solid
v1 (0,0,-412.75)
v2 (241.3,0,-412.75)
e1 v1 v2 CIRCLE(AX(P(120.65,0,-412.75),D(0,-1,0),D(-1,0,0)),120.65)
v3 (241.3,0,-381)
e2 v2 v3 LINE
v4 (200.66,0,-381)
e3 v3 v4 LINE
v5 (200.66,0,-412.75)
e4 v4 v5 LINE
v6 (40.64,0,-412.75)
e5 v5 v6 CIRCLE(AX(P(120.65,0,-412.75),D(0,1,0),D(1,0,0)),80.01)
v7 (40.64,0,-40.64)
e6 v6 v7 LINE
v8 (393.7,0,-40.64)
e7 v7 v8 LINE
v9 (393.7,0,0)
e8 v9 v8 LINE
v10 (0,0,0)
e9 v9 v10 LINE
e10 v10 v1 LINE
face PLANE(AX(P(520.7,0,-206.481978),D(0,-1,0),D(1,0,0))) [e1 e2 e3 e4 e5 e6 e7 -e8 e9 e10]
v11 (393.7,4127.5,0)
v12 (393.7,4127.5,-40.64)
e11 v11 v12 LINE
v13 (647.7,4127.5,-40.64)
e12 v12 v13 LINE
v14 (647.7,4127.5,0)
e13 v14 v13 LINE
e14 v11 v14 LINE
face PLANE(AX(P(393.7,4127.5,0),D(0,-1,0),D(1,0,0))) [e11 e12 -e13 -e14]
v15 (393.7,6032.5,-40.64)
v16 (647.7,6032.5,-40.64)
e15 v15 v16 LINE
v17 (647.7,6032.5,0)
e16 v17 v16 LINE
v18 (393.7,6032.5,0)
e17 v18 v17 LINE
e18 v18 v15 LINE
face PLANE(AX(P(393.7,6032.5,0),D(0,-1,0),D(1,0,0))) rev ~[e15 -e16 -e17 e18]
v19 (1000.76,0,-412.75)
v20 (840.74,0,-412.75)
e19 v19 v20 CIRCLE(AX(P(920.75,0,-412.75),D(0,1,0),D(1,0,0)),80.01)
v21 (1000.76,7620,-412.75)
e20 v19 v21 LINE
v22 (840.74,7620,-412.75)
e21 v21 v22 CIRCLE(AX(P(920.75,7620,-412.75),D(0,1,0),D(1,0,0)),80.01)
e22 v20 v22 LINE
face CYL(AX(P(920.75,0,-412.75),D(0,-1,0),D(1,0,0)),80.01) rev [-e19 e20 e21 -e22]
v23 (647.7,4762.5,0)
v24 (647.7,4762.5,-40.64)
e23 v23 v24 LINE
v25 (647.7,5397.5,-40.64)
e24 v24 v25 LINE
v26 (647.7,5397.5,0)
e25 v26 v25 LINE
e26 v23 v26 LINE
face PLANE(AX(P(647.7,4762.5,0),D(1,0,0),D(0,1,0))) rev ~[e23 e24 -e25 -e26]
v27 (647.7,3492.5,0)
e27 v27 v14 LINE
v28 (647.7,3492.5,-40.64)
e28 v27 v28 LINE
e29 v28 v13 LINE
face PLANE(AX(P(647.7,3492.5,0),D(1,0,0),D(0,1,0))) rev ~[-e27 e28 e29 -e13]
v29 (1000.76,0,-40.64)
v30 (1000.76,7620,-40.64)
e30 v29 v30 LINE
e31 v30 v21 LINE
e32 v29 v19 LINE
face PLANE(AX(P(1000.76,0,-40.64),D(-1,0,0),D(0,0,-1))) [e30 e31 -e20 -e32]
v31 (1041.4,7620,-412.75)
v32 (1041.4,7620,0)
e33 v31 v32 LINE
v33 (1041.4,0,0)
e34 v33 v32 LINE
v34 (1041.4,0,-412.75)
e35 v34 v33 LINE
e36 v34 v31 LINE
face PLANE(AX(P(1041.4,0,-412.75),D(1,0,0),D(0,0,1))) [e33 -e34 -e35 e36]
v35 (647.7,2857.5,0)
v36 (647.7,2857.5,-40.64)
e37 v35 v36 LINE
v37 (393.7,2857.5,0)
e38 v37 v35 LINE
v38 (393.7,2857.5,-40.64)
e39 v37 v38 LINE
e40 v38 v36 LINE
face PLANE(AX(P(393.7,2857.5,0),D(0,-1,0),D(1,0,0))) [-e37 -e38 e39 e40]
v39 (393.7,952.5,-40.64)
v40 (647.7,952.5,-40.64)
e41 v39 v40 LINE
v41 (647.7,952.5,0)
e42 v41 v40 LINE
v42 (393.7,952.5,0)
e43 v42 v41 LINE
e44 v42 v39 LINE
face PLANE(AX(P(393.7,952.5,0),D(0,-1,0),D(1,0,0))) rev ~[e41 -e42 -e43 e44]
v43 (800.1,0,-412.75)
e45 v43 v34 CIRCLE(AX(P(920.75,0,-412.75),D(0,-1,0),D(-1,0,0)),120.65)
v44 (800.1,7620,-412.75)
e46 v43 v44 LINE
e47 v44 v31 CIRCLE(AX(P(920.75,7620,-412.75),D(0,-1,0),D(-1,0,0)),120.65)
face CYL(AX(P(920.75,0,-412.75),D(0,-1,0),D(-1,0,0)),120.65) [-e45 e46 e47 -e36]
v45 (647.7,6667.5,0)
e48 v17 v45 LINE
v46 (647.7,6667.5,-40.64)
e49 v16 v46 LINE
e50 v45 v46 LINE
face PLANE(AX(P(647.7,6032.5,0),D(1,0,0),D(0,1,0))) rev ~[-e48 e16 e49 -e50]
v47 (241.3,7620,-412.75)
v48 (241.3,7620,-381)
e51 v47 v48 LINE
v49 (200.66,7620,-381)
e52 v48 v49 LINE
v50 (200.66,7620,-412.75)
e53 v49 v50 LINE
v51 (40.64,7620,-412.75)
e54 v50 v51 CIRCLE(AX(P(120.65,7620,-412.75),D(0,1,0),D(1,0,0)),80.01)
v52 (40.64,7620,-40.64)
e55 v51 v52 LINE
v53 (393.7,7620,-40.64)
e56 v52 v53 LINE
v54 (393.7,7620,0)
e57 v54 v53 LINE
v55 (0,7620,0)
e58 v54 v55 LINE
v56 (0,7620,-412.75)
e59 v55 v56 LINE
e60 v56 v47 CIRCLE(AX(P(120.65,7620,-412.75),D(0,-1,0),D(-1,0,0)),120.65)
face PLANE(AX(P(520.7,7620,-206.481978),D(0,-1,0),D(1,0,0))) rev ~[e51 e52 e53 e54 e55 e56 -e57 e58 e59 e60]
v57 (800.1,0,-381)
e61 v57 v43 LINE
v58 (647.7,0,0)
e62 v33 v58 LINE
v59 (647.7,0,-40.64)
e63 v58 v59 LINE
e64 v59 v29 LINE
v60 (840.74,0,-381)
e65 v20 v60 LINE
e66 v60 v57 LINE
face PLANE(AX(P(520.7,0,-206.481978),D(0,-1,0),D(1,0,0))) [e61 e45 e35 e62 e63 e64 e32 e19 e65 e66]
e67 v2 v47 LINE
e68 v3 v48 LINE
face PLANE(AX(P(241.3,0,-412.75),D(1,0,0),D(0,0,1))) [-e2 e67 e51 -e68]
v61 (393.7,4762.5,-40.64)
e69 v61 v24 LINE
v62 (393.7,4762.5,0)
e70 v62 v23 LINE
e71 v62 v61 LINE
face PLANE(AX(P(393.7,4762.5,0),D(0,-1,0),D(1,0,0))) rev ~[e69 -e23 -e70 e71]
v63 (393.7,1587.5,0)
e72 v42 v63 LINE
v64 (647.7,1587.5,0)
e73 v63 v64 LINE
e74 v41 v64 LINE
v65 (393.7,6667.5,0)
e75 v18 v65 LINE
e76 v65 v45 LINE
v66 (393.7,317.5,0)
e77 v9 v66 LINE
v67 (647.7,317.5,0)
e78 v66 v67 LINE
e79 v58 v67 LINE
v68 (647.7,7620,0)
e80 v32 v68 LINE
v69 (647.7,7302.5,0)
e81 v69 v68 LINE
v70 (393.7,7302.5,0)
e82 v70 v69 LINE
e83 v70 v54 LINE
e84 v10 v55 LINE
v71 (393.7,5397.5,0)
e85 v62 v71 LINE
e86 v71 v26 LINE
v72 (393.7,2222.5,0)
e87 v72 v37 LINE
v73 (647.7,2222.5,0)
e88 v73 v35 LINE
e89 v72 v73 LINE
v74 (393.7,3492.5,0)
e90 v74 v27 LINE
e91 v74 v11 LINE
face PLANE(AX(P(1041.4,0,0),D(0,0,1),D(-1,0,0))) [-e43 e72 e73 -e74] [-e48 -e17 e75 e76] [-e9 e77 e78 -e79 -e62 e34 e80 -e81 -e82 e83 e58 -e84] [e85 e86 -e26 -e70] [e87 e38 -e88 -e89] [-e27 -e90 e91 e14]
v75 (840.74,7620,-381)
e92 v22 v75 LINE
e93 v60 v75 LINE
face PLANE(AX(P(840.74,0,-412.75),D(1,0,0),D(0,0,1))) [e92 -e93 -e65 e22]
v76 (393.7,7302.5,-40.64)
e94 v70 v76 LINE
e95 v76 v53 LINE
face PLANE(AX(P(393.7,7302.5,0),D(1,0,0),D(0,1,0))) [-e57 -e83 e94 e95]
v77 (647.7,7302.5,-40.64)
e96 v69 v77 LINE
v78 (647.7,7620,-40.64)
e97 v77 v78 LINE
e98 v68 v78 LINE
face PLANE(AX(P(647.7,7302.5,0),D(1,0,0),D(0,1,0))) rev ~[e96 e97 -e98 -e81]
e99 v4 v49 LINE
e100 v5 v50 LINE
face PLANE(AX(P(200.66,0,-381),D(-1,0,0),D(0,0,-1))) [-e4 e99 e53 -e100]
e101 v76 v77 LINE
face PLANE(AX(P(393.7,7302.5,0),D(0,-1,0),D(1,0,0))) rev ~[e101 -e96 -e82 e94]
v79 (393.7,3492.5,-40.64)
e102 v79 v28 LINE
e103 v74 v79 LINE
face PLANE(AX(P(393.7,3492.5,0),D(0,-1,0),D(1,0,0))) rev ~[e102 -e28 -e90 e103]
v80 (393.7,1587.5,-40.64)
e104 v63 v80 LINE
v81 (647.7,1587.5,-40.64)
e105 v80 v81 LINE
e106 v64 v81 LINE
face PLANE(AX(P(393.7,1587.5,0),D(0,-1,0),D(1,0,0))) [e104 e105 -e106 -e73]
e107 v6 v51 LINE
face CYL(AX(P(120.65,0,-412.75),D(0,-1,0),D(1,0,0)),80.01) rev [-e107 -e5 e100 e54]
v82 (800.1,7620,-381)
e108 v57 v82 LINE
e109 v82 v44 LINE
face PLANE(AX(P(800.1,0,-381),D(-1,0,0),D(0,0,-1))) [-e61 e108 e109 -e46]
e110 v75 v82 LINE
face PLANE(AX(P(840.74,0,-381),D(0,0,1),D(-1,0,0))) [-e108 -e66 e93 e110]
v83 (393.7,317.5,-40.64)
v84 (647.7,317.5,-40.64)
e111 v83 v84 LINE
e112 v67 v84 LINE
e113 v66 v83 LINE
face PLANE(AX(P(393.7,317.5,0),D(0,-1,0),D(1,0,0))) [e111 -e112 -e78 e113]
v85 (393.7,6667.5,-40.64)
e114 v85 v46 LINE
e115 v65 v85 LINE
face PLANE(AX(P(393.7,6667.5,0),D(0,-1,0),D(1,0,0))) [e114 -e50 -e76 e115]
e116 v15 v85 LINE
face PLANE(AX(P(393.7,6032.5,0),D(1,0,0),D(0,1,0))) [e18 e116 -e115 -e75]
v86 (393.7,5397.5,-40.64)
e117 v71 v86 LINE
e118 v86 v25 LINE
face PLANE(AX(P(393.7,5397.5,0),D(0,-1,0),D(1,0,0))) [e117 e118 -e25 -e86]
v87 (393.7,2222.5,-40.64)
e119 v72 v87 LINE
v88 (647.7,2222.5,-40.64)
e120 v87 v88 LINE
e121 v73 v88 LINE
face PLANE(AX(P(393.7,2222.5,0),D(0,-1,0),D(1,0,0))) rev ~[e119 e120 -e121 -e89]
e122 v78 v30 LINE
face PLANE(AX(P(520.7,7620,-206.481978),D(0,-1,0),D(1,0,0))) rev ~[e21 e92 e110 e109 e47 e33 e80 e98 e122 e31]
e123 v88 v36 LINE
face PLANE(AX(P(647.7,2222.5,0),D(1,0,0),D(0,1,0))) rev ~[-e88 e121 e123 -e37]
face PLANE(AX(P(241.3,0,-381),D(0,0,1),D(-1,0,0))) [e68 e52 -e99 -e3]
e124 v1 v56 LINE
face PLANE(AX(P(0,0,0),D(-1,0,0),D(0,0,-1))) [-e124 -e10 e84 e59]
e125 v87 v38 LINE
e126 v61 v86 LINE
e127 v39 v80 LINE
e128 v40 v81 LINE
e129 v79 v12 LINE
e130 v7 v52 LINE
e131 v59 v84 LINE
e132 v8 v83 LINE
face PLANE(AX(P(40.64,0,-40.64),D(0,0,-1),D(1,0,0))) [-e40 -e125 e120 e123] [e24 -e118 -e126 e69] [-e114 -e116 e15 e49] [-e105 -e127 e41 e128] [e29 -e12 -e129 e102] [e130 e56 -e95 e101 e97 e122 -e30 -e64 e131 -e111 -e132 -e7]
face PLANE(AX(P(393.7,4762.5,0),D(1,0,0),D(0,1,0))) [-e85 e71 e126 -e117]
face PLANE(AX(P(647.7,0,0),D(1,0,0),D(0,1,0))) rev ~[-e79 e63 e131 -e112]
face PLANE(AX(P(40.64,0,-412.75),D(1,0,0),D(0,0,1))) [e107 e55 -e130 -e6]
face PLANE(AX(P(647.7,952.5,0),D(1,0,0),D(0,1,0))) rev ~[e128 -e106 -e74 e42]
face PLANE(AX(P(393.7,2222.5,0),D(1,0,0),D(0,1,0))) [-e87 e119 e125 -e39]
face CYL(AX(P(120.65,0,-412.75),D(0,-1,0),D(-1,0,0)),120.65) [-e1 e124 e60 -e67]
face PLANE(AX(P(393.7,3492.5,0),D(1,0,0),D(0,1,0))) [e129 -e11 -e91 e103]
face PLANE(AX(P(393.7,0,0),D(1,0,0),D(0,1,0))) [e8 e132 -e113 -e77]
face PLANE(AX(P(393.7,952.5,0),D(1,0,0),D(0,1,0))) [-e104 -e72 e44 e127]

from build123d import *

# Parameters (mm, degrees)
F2_DEPTH = 7620
F1_W     = 254
F1_H     = 317.5
F1_H_2   = 635
F3_DEPTH = 40.64


with BuildPart() as f2:
    # F0 (on Front) → F2 (new body)
    with BuildSketch(Plane.XZ):
        with BuildLine():
            Line((1041.4, 0), (0, 0))
            Line((0, 0), (0, -412.75))
            ThreePointArc((0, -412.75), (120.65, -533.4), (241.3, -412.75))
            Line((241.3, -412.75), (241.3, -381))
            Line((241.3, -381), (200.66, -381))
            Line((200.66, -381), (200.66, -412.75))
            ThreePointArc((200.66, -412.75), (120.65, -492.76), (40.64, -412.75))
            Line((40.64, -412.75), (40.64, -40.64))
            Line((40.64, -40.64), (1000.76, -40.64))
            Line((1000.76, -40.64), (1000.76, -412.75))
            ThreePointArc((1000.76, -412.75), (920.75, -492.76), (840.74, -412.75))
            Line((840.74, -412.75), (840.74, -381))
            Line((840.74, -381), (800.1, -381))
            Line((800.1, -381), (800.1, -412.75))
            ThreePointArc((800.1, -412.75), (920.75, -533.4), (1041.4, -412.75))
            Line((1041.4, -412.75), (1041.4, 0))
        make_face()
    extrude(amount=-F2_DEPTH)

    # F1 (on Top) → F3 (cut)
    with BuildSketch(Plane.XY):
        with Locations((520.7, 158.75)):
            Rectangle(F1_W, F1_H)
        with Locations((520.7, 1270)):
            Rectangle(F1_W, F1_H_2)
        with Locations((520.7, 2540)):
            Rectangle(F1_W, F1_H_2)
        with Locations((520.7, 3810)):
            Rectangle(F1_W, F1_H_2)
        with Locations((520.7, 5080)):
            Rectangle(F1_W, F1_H_2)
        with Locations((520.7, 6350)):
            Rectangle(F1_W, F1_H_2)
        with Locations((520.7, 7461.25)):
            Rectangle(F1_W, F1_H)
    extrude(amount=-F3_DEPTH, mode=Mode.SUBTRACT)


solid = f2.part
